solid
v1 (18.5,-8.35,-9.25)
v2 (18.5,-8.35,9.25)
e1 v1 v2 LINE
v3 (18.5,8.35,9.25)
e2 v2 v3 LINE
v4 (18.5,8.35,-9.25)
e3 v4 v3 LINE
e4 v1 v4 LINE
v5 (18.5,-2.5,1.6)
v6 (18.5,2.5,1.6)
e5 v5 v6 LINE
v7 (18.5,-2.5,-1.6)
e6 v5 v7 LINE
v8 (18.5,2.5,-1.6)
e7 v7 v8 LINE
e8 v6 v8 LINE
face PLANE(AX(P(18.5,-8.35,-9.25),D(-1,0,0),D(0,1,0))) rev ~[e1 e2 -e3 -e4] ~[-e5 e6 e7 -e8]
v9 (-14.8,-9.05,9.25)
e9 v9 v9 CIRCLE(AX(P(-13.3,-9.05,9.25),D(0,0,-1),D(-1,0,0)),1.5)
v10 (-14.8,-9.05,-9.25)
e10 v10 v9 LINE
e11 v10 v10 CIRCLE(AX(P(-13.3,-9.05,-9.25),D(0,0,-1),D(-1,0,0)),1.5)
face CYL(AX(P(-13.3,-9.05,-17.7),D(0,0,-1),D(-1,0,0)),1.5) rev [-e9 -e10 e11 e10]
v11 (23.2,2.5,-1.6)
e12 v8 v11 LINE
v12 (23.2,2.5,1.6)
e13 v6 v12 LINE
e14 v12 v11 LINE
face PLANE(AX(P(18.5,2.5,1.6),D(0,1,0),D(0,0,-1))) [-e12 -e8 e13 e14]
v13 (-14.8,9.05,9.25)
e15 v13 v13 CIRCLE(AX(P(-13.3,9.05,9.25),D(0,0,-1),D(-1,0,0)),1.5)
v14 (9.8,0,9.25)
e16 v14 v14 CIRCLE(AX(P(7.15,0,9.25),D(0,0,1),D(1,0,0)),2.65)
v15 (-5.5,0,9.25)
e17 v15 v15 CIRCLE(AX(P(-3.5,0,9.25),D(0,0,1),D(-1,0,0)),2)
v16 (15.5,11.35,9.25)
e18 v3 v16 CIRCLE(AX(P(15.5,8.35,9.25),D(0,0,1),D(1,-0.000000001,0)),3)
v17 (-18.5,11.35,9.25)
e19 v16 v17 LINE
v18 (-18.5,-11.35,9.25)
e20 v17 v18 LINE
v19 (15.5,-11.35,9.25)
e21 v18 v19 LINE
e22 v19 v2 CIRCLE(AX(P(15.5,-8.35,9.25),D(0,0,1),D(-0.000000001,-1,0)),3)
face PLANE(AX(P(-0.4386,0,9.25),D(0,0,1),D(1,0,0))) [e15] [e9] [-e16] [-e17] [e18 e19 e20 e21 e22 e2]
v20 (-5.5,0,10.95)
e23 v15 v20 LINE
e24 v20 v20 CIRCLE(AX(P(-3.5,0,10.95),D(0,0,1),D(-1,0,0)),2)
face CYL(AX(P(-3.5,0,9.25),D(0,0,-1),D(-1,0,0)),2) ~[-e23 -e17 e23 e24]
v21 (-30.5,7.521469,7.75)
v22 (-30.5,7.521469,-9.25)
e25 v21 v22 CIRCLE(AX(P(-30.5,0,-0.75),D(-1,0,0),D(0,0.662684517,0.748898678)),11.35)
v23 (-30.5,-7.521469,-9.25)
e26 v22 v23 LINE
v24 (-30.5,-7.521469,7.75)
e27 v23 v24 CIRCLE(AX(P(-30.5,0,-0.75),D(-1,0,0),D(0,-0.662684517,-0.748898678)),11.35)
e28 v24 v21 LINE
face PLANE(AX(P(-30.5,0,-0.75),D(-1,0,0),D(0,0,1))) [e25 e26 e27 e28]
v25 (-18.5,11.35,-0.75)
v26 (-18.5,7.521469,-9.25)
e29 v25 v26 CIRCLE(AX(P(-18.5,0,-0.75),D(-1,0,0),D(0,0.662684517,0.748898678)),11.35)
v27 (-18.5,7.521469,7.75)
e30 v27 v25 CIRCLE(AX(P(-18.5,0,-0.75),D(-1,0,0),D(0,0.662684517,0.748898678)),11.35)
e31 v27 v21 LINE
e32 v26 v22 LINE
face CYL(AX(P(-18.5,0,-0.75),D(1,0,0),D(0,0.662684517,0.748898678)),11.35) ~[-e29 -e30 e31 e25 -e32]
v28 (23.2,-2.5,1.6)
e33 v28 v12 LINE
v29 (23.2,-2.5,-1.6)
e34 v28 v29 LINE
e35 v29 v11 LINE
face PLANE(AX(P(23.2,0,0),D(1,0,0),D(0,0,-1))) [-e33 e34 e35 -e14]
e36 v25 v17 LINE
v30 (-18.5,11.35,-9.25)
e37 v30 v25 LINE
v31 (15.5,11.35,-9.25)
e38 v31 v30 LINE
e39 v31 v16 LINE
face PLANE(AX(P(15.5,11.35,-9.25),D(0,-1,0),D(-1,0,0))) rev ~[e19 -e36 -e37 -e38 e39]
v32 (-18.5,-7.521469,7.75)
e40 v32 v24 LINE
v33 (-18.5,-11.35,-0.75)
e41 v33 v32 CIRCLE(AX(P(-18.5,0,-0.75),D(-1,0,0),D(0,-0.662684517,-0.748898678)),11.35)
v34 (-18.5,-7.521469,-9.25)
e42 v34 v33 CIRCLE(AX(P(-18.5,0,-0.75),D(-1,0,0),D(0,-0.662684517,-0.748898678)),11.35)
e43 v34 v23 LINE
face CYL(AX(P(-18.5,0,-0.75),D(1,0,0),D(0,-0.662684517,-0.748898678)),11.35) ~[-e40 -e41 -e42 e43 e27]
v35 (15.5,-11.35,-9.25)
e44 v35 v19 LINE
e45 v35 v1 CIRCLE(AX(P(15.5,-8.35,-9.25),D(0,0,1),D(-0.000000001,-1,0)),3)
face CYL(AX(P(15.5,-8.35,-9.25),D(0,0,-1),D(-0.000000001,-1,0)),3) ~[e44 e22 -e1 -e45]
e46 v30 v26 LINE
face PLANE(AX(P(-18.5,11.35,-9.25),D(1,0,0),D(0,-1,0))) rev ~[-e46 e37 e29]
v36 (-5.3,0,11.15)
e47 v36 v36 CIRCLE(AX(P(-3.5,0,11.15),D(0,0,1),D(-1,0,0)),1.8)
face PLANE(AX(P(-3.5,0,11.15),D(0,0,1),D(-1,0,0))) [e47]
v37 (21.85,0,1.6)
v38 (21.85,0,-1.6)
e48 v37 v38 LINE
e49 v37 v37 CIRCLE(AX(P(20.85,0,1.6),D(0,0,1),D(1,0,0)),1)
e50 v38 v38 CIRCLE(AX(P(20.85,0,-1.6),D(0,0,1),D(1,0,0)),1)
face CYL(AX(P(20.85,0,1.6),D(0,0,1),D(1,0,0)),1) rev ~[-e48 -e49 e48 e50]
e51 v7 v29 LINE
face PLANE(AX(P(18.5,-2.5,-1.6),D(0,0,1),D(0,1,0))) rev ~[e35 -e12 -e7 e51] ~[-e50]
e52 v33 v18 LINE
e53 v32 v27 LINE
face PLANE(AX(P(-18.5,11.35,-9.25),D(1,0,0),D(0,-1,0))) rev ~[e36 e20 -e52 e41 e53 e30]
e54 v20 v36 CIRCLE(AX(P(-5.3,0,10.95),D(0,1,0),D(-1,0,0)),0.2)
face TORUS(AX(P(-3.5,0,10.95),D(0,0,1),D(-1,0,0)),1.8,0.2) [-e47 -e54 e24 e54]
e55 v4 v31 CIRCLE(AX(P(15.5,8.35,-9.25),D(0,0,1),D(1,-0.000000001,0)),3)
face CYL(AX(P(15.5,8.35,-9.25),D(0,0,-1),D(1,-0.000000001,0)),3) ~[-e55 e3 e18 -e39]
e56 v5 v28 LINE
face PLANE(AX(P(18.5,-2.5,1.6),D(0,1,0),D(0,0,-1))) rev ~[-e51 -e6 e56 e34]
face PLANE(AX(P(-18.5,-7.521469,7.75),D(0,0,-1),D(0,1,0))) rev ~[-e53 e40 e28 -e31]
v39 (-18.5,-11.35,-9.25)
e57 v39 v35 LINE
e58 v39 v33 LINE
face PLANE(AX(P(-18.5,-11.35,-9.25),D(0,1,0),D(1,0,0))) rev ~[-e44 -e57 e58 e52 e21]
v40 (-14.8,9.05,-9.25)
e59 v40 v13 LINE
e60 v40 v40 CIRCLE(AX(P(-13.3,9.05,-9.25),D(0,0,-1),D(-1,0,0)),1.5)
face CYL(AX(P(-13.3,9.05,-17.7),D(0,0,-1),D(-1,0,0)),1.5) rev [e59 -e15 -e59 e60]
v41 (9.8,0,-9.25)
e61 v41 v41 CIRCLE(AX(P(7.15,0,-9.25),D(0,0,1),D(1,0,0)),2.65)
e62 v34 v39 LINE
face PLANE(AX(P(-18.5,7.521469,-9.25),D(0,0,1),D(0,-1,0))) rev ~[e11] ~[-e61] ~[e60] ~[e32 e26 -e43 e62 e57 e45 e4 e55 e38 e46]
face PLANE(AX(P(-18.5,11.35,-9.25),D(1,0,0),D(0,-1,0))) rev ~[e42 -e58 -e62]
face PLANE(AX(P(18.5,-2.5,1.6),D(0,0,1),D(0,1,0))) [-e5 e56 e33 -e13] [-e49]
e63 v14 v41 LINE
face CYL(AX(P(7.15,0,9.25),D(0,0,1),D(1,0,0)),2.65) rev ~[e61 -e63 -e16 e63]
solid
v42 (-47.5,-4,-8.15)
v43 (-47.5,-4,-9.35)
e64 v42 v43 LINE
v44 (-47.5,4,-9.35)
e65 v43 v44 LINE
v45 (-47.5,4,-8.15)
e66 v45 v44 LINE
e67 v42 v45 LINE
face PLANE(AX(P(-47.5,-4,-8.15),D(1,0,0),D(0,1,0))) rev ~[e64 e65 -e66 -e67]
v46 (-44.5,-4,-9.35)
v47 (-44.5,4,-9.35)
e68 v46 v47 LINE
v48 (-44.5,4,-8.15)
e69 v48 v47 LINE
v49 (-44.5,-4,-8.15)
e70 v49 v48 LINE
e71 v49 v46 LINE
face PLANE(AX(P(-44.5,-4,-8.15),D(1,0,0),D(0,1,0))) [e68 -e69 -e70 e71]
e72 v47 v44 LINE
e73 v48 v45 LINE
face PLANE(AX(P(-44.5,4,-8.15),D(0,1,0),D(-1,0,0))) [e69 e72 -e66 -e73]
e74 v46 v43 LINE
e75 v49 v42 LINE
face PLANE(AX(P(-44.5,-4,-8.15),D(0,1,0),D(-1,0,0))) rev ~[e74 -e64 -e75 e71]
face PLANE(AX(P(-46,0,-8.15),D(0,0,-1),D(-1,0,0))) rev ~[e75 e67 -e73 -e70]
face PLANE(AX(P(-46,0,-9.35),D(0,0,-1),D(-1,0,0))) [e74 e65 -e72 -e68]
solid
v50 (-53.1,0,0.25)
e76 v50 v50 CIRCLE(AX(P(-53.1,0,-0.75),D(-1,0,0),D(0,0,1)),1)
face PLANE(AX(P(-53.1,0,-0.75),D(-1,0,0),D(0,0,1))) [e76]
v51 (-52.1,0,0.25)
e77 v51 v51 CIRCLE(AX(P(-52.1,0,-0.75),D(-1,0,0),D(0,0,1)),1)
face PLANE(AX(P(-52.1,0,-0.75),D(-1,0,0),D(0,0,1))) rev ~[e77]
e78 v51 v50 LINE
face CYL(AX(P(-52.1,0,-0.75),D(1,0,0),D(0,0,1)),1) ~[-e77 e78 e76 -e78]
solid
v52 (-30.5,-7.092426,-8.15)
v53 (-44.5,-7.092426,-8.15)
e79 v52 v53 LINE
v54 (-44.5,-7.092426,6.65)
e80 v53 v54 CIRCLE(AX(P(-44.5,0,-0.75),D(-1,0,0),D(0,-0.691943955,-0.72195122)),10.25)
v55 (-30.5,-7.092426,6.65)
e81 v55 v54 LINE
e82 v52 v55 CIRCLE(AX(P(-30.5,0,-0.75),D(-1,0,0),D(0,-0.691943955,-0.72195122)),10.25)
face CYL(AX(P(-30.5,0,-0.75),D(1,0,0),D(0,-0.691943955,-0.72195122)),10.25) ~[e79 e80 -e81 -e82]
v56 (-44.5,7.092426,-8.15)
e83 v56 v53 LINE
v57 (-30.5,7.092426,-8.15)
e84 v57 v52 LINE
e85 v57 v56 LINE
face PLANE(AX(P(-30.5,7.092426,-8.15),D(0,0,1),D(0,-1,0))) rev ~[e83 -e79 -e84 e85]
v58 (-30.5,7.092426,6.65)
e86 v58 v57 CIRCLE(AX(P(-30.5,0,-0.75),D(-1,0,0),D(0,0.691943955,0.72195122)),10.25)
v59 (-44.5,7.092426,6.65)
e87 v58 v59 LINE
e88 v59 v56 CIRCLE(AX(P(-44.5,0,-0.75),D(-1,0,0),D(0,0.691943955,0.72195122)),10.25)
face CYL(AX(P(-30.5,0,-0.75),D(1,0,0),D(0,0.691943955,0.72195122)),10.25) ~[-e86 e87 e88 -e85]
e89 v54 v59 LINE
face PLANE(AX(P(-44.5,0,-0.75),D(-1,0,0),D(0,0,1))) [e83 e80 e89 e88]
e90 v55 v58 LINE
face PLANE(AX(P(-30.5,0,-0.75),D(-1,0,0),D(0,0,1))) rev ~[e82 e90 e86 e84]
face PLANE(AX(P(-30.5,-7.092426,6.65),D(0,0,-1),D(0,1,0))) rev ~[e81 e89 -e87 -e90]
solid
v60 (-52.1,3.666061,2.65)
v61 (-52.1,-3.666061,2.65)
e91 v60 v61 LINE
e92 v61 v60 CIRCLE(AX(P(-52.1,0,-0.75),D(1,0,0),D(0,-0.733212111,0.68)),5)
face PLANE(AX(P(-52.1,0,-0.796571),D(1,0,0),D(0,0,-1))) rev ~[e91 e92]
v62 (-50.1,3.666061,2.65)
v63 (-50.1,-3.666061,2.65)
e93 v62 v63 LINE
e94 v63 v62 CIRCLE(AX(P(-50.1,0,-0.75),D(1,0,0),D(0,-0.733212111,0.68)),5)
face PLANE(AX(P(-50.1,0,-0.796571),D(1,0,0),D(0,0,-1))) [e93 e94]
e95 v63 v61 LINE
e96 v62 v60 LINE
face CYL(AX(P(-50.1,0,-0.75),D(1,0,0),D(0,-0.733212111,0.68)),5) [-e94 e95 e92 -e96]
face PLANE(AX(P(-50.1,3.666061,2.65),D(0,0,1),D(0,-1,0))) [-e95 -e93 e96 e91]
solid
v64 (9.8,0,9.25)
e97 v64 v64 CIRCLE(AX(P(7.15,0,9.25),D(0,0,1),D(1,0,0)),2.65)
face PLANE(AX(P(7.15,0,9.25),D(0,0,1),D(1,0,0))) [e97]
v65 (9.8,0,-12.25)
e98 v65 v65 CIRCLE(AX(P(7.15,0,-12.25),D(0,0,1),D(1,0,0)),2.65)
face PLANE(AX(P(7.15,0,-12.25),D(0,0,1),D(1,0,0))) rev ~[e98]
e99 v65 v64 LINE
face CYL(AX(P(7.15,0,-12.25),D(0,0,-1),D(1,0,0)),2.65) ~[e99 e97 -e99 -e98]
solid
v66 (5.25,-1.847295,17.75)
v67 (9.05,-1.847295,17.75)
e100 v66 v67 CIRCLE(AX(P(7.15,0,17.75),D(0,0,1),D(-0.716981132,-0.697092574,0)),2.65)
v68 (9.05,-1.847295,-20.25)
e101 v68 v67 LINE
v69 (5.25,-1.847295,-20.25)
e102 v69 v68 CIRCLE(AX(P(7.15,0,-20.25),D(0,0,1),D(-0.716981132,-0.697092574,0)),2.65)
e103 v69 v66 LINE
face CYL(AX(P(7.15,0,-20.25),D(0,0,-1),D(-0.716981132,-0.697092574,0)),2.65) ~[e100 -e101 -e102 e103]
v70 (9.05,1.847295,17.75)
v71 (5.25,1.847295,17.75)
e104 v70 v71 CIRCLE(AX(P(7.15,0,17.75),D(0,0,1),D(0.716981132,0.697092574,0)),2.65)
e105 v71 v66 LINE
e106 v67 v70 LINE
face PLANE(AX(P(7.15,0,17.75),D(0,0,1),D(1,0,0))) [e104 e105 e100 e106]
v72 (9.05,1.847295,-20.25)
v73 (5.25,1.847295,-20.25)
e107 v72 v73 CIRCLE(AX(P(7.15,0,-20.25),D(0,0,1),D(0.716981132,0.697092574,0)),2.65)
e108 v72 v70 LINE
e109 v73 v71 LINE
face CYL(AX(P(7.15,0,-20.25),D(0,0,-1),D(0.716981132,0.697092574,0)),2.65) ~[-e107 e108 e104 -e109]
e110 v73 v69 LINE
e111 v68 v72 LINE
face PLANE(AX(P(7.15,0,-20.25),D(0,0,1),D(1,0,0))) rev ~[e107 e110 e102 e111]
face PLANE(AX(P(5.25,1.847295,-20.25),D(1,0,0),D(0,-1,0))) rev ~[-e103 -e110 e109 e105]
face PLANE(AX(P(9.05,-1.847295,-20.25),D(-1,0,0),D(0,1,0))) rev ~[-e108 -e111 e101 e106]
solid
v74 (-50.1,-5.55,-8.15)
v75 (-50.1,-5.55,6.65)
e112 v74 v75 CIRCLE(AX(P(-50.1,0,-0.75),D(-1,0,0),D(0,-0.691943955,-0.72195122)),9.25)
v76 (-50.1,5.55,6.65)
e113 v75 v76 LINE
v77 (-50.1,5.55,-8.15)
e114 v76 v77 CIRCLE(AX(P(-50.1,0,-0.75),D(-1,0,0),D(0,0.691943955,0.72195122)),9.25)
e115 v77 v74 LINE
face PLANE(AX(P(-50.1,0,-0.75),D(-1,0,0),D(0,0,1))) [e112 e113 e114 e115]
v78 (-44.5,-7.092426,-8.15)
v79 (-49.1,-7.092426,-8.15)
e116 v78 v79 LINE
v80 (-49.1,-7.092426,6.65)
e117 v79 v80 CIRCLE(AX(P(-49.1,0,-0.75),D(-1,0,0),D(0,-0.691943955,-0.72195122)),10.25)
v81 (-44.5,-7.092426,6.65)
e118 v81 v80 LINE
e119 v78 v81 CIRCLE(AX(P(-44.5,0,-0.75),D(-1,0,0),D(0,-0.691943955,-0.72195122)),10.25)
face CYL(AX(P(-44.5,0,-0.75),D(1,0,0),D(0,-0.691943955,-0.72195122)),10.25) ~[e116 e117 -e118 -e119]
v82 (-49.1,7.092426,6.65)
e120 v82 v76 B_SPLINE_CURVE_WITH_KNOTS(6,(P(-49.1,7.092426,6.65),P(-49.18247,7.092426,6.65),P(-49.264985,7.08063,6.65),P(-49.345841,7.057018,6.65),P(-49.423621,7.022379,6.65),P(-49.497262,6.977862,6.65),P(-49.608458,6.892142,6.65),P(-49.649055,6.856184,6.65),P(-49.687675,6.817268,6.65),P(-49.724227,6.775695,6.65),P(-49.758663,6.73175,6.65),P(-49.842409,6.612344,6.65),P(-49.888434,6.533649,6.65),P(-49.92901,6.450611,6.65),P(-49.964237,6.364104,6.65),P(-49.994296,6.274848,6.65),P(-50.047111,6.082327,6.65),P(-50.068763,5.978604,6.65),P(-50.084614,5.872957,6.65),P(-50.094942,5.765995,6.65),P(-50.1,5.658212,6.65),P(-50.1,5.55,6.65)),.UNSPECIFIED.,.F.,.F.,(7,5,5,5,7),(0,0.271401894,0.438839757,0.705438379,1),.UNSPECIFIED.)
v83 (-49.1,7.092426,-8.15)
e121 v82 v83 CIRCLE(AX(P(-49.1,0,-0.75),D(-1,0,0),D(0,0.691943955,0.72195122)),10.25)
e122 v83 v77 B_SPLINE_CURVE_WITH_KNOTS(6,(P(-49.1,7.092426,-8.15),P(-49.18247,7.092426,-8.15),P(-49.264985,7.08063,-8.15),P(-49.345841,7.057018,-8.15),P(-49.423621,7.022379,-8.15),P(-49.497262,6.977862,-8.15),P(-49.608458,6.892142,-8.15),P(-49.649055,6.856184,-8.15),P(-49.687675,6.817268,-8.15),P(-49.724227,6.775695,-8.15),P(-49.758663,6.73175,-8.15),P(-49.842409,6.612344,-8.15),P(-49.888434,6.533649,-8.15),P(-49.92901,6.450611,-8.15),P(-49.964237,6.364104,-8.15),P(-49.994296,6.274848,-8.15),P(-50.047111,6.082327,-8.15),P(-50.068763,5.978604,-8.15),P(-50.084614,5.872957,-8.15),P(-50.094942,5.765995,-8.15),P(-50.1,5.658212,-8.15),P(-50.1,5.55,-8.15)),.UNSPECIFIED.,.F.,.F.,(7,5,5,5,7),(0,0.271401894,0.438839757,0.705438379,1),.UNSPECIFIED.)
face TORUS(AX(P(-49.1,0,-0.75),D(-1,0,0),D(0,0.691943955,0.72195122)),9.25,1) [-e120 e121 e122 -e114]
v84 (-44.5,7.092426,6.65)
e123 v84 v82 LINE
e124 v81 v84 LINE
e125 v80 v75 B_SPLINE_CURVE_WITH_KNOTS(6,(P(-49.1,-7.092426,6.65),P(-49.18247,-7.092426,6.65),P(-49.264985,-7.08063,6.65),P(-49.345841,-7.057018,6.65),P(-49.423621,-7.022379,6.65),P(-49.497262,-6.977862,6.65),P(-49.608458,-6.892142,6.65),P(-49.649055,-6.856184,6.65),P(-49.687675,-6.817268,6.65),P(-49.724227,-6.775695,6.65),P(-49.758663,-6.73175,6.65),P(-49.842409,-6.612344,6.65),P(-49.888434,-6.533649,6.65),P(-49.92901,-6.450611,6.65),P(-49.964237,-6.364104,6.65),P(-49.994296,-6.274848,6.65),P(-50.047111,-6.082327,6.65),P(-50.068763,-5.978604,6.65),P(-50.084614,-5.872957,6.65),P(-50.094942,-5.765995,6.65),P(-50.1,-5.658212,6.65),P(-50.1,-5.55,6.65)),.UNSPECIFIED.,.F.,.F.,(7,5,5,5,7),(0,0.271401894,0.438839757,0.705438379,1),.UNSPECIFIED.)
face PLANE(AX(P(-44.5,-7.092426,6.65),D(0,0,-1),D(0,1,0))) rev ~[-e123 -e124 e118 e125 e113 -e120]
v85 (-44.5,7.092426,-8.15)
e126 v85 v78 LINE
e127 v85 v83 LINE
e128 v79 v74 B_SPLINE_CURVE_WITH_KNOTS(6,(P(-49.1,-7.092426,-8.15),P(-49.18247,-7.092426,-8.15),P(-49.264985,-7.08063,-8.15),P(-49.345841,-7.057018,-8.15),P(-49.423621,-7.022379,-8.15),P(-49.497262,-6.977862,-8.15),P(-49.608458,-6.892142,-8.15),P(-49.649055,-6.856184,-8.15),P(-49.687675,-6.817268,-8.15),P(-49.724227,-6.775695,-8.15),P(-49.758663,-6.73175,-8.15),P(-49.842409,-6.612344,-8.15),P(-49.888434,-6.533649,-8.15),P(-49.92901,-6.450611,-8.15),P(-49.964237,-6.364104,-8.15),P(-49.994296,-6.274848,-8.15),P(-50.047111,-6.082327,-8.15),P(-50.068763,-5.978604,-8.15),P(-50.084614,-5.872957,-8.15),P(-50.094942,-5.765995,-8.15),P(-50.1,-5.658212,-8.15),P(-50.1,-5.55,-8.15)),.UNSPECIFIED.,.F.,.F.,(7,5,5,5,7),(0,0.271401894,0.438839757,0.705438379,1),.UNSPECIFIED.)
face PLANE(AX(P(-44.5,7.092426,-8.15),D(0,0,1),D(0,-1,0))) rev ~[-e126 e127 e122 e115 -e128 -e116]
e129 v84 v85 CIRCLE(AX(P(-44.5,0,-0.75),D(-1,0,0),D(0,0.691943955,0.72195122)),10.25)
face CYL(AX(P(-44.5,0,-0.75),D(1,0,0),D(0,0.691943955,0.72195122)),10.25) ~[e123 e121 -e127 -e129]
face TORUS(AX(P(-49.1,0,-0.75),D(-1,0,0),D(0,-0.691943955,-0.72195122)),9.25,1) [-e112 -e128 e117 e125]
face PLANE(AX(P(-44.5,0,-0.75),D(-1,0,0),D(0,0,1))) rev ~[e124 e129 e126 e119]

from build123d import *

# Parameters (mm, degrees)
SALIENTE_EXTRUIR1_DEPTH       = 9.25
SALIENTE_EXTRUIR1_DEPTH_BACK  = 9.25
SALIENTE_EXTRUIR2_DEPTH       = 12
CROQUIS3_W                    = 3.2
CROQUIS3_H                    = 5
SALIENTE_EXTRUIR3_DEPTH       = 4.7
CORTAR_EXTRUIR1_DEPTH         = 28
CORTAR_EXTRUIR1_DEPTH_BACK    = 17.7
CROQUIS4_R                    = 1.5
CROQUIS5_R                    = 2
SALIENTE_EXTRUIR4_DEPTH       = 1.9
REDONDEO1_R                   = 0.2
CROQUIS6_R                    = 2.65
CORTAR_EXTRUIR2_DEPTH         = 23.9
SALIENTE_EXTRUIR5_DEPTH       = 14
SALIENTE_EXTRUIR6_DEPTH       = 5.6
REDONDEO2_R                   = 1
SALIENTE_EXTRUIR7_DEPTH       = 2
CROQUIS12_R                   = 1
SALIENTE_EXTRUIR8_DEPTH       = 1
CROQUIS13_W                   = 3
CROQUIS13_H                   = 8
SALIENTE_EXTRUIR9_DEPTH       = 1.2
CROQUIS14_R                   = 1
CORTAR_EXTRUIR3_DEPTH         = 4.2
SALIENTE_EXTRUIR10_DEPTH      = 17.75
SALIENTE_EXTRUIR10_DEPTH_BACK = 20.25
SALIENTE_EXTRUIR11_DEPTH      = 9.25
SALIENTE_EXTRUIR11_DEPTH_BACK = 12.25
CROQUIS16_R                   = 2.65


with BuildPart() as part:
    # Croquis1 → Saliente-Extruir1 (new, two sides: drawn at the far end of the back side and taken through both)
    with BuildSketch(Plane.XY.offset(-SALIENTE_EXTRUIR1_DEPTH_BACK)):
        with BuildLine():
            Line((-18.5, -11.35), (15.5, -11.35))
            ThreePointArc((15.5, -11.35), (17.621320344, -10.471320344), (18.5, -8.35))
            Line((18.5, -8.35), (18.5, 8.35))
            ThreePointArc((18.5, 8.35), (17.621320344, 10.471320344), (15.5, 11.35))
            Line((15.5, 11.35), (-18.5, 11.35))
            Line((-18.5, 11.35), (-18.5, -11.35))
        make_face()
    extrude(amount=SALIENTE_EXTRUIR1_DEPTH + SALIENTE_EXTRUIR1_DEPTH_BACK)

    # Croquis2 → Saliente-Extruir2 (add)
    with BuildSketch(Plane.ZY.offset(18.5)):
        with BuildLine():
            Line((7.75, -7.521469271), (7.75, 7.521469271))
            ThreePointArc((7.75, 7.521469271), (-0.75, 11.35), (-9.25, 7.521469271))
            Line((-9.25, 7.521469271), (-9.25, -7.521469271))
            ThreePointArc((-9.25, -7.521469271), (-0.75, -11.35), (7.75, -7.521469271))
        make_face()
    extrude(amount=SALIENTE_EXTRUIR2_DEPTH)

    # Croquis3 → Saliente-Extruir3 (add)
    with BuildSketch(Plane(origin=(18.5, 0, 0), x_dir=(0, 0, -1), z_dir=(1, 0, 0))):
        Rectangle(CROQUIS3_W, CROQUIS3_H)
    extrude(amount=SALIENTE_EXTRUIR3_DEPTH)

    # Croquis4 → Cortar-Extruir1 (cut, two sides: drawn at the far end of the back side and taken through both)
    with BuildSketch(Plane.XY.offset(-CORTAR_EXTRUIR1_DEPTH_BACK)):
        with Locations(Location((-13.3, 9.05, 0), (0, 0, 180))):
            Circle(CROQUIS4_R)
        with Locations(Location((-13.3, -9.05, 0), (0, 0, 180))):
            Circle(CROQUIS4_R)
    extrude(amount=CORTAR_EXTRUIR1_DEPTH + CORTAR_EXTRUIR1_DEPTH_BACK, mode=Mode.SUBTRACT)

    # Croquis5 → Saliente-Extruir4 (add)
    with BuildSketch(Plane.XY.offset(9.25)):
        with Locations(Location((-3.5, 0, 0), (0, 0, 180))):
            Circle(CROQUIS5_R)
    extrude(amount=SALIENTE_EXTRUIR4_DEPTH)

    # Redondeo1
    redondeo1_edges = [part.edges().sort_by_distance(p)[0] for p in [
        (-1.5, 0, 11.15),
    ]]
    fillet(redondeo1_edges, radius=REDONDEO1_R)

    # Croquis6 → Cortar-Extruir2 (cut)
    with BuildSketch(Plane.XY.offset(9.25)):
        with Locations((7.15, 0)):
            Circle(CROQUIS6_R)
    extrude(amount=-CORTAR_EXTRUIR2_DEPTH, mode=Mode.SUBTRACT)

    # Croquis14 → Cortar-Extruir3 (cut)
    with BuildSketch(Plane.XY.offset(1.6)):
        with Locations((20.85, 0)):
            Circle(CROQUIS14_R)
    extrude(amount=-CORTAR_EXTRUIR3_DEPTH, mode=Mode.SUBTRACT)


with BuildPart() as body_2:
    # Croquis9 → Saliente-Extruir5 (new body)
    with BuildSketch(Plane.ZY.offset(30.5)):
        with BuildLine():
            Line((6.65, -7.092425537), (6.65, 7.092425537))
            ThreePointArc((6.65, 7.092425537), (-0.75, 10.25), (-8.15, 7.092425537))
            Line((-8.15, 7.092425537), (-8.15, -7.092425537))
            ThreePointArc((-8.15, -7.092425537), (-0.75, -10.25), (6.65, -7.092425537))
        make_face()
    extrude(amount=SALIENTE_EXTRUIR5_DEPTH)


with BuildPart() as body_3:
    # Croquis10 → Saliente-Extruir6 (new body)
    with BuildSketch(Plane.ZY.offset(44.5)):
        with BuildLine():
            Line((-8.15, 7.092425537), (-8.15, -7.092425537))
            ThreePointArc((-8.15, -7.092425537), (-0.75, -10.25), (6.65, -7.092425537))
            Line((6.65, -7.092425537), (6.65, 7.092425537))
            ThreePointArc((6.65, 7.092425537), (-0.75, 10.25), (-8.15, 7.092425537))
        make_face()
    extrude(amount=SALIENTE_EXTRUIR6_DEPTH)

    # Redondeo2
    redondeo2_edges = [body_3.edges().sort_by_distance(p)[0] for p in [
        (-50.1, -10.25, -0.75),
        (-50.1, 10.25, -0.75),
    ]]
    fillet(redondeo2_edges, radius=REDONDEO2_R)


with BuildPart() as body_4:
    # Croquis11 → Saliente-Extruir7 (new body)
    with BuildSketch(Plane.ZY.offset(50.1)):
        with BuildLine():
            Line((2.65, 3.666060556), (2.65, -3.666060556))
            ThreePointArc((2.65, -3.666060556), (-5.75, 0), (2.65, 3.666060556))
        make_face()
    extrude(amount=SALIENTE_EXTRUIR7_DEPTH)


with BuildPart() as body_5:
    # Croquis12 → Saliente-Extruir8 (new body)
    with BuildSketch(Plane.ZY.offset(52.1)):
        with Locations((-0.75, 0)):
            Circle(CROQUIS12_R)
    extrude(amount=SALIENTE_EXTRUIR8_DEPTH)


with BuildPart() as body_6:
    # Croquis13 → Saliente-Extruir9 (new body)
    with BuildSketch(Plane(origin=(0, 0, -8.15), x_dir=(-1, 0, 0), z_dir=(0, 0, -1))):
        with Locations((46, 0)):
            Rectangle(CROQUIS13_W, CROQUIS13_H)
    extrude(amount=SALIENTE_EXTRUIR9_DEPTH)


with BuildPart() as body_7:
    # Croquis15 → Saliente-Extruir10 (new, two sides: drawn at the far end of the back side and taken through both)
    with BuildSketch(Plane.XY.offset(-SALIENTE_EXTRUIR10_DEPTH_BACK)):
        with BuildLine():
            Line((9.05, -1.84729532), (9.05, 1.84729532))
            ThreePointArc((9.05, 1.84729532), (7.15, 2.65), (5.25, 1.84729532))
            Line((5.25, 1.84729532), (5.25, -1.84729532))
            ThreePointArc((5.25, -1.84729532), (7.15, -2.65), (9.05, -1.84729532))
        make_face()
    extrude(amount=SALIENTE_EXTRUIR10_DEPTH + SALIENTE_EXTRUIR10_DEPTH_BACK)


with BuildPart() as body_8:
    # Croquis16 → Saliente-Extruir11 (new, two sides: drawn at the far end of the back side and taken through both)
    with BuildSketch(Plane.XY.offset(-SALIENTE_EXTRUIR11_DEPTH_BACK)):
        with Locations((7.15, 0)):
            Circle(CROQUIS16_R)
    extrude(amount=SALIENTE_EXTRUIR11_DEPTH + SALIENTE_EXTRUIR11_DEPTH_BACK)


solid = Compound([part.part, body_2.part, body_3.part, body_4.part, body_5.part, body_6.part, body_7.part, body_8.part])
